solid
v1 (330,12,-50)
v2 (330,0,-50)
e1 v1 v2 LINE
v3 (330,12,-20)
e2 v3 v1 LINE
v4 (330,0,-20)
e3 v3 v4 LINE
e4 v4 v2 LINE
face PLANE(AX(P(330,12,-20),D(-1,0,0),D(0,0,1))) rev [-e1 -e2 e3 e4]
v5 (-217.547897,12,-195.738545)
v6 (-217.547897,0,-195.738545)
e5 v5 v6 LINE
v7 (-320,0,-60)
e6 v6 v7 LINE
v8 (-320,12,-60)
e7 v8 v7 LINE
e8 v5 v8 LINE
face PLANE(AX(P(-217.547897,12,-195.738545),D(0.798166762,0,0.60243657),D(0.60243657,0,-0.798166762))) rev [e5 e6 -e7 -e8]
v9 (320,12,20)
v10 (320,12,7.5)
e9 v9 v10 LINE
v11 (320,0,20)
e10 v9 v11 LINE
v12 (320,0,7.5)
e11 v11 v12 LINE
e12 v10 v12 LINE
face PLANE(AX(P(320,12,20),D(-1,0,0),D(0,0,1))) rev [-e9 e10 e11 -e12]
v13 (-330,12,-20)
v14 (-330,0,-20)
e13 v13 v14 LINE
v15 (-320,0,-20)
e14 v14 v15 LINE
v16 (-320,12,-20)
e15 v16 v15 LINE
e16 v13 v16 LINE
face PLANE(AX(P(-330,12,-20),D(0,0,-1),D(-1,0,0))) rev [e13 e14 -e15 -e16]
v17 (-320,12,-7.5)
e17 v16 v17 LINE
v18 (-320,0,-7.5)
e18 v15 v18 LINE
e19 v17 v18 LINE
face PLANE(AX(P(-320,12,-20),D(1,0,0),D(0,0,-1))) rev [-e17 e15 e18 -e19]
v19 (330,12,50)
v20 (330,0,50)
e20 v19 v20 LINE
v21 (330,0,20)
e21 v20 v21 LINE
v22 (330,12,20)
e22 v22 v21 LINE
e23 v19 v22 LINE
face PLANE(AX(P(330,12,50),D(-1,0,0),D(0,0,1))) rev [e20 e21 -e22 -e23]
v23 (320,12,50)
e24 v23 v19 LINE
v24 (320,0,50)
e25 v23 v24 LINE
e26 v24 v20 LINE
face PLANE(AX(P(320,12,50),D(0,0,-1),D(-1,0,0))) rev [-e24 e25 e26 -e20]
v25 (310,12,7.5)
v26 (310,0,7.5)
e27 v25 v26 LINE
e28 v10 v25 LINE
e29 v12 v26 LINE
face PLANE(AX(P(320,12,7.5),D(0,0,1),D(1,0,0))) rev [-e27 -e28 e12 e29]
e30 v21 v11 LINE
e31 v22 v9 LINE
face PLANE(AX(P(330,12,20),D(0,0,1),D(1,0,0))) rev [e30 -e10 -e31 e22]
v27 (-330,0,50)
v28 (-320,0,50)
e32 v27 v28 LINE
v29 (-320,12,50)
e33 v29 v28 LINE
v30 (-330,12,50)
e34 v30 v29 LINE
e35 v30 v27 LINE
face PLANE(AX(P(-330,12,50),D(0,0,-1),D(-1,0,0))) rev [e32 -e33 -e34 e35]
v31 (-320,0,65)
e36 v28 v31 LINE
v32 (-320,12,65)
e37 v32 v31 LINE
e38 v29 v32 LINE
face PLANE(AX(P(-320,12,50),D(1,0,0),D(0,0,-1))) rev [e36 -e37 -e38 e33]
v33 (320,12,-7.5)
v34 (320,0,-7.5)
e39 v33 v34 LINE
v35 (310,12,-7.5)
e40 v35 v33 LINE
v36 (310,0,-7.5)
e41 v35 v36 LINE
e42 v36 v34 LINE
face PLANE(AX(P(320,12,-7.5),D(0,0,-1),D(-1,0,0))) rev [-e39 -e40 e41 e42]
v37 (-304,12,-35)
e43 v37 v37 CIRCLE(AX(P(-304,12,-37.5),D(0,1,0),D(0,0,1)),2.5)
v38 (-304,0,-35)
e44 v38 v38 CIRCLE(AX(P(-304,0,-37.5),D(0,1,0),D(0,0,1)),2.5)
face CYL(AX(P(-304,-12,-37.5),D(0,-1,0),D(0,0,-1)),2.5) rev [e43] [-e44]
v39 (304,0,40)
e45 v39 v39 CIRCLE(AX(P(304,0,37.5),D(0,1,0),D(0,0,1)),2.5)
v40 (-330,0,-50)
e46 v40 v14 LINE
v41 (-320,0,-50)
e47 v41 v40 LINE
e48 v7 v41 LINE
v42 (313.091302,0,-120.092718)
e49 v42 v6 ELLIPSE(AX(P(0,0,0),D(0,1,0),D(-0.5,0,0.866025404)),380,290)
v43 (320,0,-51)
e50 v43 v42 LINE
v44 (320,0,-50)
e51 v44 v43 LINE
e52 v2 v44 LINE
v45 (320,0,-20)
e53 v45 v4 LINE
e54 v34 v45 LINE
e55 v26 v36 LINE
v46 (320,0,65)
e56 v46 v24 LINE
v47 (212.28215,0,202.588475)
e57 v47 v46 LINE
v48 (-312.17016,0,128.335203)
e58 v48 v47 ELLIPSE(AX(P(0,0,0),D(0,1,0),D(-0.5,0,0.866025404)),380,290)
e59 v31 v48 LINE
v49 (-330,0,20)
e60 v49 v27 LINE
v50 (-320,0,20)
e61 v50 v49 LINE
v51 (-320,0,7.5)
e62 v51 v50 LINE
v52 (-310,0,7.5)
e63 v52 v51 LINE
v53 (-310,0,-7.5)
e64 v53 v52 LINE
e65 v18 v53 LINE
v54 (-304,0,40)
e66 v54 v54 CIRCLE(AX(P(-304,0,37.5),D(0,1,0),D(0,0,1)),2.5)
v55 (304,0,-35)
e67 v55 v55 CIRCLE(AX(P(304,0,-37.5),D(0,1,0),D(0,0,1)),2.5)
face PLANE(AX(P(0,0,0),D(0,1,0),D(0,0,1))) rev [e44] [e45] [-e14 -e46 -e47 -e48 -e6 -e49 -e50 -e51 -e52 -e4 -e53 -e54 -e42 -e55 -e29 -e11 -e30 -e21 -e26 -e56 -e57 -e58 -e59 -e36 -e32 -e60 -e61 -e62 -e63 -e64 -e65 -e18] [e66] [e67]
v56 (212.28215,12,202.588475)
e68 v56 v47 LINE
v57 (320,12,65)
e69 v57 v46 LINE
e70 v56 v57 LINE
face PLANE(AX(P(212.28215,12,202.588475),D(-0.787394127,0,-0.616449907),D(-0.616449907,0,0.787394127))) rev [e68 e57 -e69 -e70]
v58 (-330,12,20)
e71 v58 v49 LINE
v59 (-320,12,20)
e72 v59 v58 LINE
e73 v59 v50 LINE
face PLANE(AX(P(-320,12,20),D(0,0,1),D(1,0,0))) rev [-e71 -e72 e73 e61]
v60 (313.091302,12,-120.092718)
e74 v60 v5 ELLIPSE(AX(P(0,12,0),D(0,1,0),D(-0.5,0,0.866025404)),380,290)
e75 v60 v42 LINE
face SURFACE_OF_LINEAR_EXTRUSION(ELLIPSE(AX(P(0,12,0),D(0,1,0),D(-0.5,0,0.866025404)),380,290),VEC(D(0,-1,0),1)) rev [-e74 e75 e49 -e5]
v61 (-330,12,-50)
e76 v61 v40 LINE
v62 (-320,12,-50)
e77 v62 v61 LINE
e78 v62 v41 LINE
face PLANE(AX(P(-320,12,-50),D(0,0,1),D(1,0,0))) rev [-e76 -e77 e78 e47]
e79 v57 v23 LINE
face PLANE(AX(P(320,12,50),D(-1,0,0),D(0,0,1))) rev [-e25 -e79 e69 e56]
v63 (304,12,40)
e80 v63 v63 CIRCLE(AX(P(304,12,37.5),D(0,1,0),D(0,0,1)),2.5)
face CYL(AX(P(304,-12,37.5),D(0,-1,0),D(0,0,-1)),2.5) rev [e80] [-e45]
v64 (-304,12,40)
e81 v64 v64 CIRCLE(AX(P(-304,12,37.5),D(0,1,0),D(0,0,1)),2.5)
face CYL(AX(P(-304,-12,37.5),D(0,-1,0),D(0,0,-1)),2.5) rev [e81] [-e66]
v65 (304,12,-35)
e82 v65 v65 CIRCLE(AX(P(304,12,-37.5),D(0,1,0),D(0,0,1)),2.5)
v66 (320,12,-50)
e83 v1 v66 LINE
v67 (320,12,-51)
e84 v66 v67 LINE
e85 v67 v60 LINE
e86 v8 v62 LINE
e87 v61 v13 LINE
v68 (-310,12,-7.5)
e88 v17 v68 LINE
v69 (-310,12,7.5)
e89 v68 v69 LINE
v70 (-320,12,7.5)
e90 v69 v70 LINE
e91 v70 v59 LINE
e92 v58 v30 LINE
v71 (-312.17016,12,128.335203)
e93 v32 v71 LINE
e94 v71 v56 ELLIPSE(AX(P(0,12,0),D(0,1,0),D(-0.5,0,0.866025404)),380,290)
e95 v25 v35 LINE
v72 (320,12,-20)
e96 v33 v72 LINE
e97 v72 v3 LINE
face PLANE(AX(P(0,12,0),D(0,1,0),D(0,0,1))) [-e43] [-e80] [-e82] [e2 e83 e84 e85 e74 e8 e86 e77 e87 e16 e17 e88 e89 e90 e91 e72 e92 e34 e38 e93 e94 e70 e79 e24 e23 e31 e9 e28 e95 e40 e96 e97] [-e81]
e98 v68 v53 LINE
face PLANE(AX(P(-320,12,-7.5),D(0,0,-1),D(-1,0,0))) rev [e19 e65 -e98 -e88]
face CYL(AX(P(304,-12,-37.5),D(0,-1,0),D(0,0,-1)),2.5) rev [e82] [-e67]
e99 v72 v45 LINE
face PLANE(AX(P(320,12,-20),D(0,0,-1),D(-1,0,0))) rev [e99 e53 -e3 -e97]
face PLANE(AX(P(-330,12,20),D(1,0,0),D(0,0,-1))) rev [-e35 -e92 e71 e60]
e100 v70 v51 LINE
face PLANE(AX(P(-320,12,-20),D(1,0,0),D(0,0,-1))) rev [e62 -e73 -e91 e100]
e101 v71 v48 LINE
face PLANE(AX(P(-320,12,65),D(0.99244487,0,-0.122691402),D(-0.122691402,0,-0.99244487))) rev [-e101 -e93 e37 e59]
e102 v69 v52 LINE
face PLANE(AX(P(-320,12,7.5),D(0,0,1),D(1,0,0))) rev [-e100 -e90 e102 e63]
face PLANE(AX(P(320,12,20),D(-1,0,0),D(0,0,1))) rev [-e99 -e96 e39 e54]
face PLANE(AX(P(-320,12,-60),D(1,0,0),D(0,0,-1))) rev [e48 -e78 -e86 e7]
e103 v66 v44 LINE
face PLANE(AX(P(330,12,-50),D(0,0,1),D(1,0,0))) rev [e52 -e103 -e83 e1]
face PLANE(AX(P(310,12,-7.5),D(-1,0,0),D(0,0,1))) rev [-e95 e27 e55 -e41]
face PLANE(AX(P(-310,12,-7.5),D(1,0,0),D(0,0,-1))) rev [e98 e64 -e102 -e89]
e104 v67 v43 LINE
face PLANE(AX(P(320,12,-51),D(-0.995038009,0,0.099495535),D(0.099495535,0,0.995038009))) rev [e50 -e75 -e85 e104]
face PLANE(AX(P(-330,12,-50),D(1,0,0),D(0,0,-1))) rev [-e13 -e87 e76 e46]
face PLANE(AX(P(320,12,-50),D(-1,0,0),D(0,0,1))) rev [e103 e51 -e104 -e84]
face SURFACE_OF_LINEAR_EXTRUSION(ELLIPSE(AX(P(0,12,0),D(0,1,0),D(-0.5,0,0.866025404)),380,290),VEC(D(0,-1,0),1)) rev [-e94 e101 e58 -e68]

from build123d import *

# Parameters (mm, degrees)
BOSS_EXTRUDE1_DEPTH          = 12
SKETCH2_W                    = 10
SKETCH2_H                    = 15
CUT_EXTRUDE1_DEPTH           = 12
F_5_0_5_DIAMETER_HOLE2_D     = 5
F_5_0_5_DIAMETER_HOLE2_DEPTH = 25
F_5_0_5_DIAMETER_HOLE2_TIP   = 1.502151548


with BuildPart() as part:
    # Sketch1 → Boss-Extrude1 (new body)
    with BuildSketch(Plane(origin=(0, 0, 0), x_dir=(1, 0, 0), z_dir=(0, 1, 0))):
        with BuildLine():
            Line((-320, -65), (-312.170159719, -128.33520269))
            add(Edge.make_bspline(
                [(-312.170159719, -128.33520269), (-232.721291269, -770.993291043), (212.28214963, -202.588475219)],
                knots=[5.492316601, 5.492316601, 5.492316601, 7.67057167, 7.67057167, 7.67057167], degree=2, weights=[1, 0.463258742, 1]))
            Line((212.28214963, -202.588475219), (320, -65))
            Line((320, -65), (320, -50))
            Line((320, -50), (330, -50))
            Line((330, -50), (330, -20))
            Line((330, -20), (320, -20))
            Line((320, -20), (320, 20))
            Line((320, 20), (330, 20))
            Line((330, 20), (330, 50))
            Line((330, 50), (320, 50))
            Line((320, 50), (320, 51))
            Line((320, 51), (313.091302172, 120.09271769))
            add(Edge.make_bspline(
                [(313.091302172, 120.09271769), (244.337364097, 807.689215884), (-217.547896668, 195.738545202)],
                knots=[2.326299806, 2.326299806, 2.326299806, 4.55185667, 4.55185667, 4.55185667], degree=2, weights=[1, 0.442171166, 1]))
            Line((-217.547896668, 195.738545202), (-320, 60))
            Line((-320, 60), (-320, 50))
            Line((-320, 50), (-330, 50))
            Line((-330, 50), (-330, 20))
            Line((-330, 20), (-320, 20))
            Line((-320, 20), (-320, -20))
            Line((-320, -20), (-330, -20))
            Line((-330, -20), (-330, -50))
            Line((-330, -50), (-320, -50))
            Line((-320, -50), (-320, -65))
        make_face()
    extrude(amount=BOSS_EXTRUDE1_DEPTH)

    # Sketch2 → Cut-Extrude1 (cut)
    with BuildSketch(Plane.XZ):
        with Locations((315, 0)):
            Rectangle(SKETCH2_W, SKETCH2_H)
        with Locations((-315, 0)):
            Rectangle(SKETCH2_W, SKETCH2_H)
    extrude(amount=-CUT_EXTRUDE1_DEPTH, mode=Mode.SUBTRACT)

    # Ø5.0 (5) Diameter Hole2
    with Locations(Plane(origin=(0, -12, 0), x_dir=(-1, 0, 0), z_dir=(0, -1, 0))):
        with Locations((304, 37.5), (304, -37.5), (-304, -37.5), (-304, 37.5)):
            Hole(F_5_0_5_DIAMETER_HOLE2_D / 2, depth=F_5_0_5_DIAMETER_HOLE2_DEPTH)
            with Locations((0, 0, -(F_5_0_5_DIAMETER_HOLE2_DEPTH + F_5_0_5_DIAMETER_HOLE2_TIP / 2))):  # 118° drill point
                Cone(0, F_5_0_5_DIAMETER_HOLE2_D / 2, F_5_0_5_DIAMETER_HOLE2_TIP, mode=Mode.SUBTRACT)


solid = part.part
